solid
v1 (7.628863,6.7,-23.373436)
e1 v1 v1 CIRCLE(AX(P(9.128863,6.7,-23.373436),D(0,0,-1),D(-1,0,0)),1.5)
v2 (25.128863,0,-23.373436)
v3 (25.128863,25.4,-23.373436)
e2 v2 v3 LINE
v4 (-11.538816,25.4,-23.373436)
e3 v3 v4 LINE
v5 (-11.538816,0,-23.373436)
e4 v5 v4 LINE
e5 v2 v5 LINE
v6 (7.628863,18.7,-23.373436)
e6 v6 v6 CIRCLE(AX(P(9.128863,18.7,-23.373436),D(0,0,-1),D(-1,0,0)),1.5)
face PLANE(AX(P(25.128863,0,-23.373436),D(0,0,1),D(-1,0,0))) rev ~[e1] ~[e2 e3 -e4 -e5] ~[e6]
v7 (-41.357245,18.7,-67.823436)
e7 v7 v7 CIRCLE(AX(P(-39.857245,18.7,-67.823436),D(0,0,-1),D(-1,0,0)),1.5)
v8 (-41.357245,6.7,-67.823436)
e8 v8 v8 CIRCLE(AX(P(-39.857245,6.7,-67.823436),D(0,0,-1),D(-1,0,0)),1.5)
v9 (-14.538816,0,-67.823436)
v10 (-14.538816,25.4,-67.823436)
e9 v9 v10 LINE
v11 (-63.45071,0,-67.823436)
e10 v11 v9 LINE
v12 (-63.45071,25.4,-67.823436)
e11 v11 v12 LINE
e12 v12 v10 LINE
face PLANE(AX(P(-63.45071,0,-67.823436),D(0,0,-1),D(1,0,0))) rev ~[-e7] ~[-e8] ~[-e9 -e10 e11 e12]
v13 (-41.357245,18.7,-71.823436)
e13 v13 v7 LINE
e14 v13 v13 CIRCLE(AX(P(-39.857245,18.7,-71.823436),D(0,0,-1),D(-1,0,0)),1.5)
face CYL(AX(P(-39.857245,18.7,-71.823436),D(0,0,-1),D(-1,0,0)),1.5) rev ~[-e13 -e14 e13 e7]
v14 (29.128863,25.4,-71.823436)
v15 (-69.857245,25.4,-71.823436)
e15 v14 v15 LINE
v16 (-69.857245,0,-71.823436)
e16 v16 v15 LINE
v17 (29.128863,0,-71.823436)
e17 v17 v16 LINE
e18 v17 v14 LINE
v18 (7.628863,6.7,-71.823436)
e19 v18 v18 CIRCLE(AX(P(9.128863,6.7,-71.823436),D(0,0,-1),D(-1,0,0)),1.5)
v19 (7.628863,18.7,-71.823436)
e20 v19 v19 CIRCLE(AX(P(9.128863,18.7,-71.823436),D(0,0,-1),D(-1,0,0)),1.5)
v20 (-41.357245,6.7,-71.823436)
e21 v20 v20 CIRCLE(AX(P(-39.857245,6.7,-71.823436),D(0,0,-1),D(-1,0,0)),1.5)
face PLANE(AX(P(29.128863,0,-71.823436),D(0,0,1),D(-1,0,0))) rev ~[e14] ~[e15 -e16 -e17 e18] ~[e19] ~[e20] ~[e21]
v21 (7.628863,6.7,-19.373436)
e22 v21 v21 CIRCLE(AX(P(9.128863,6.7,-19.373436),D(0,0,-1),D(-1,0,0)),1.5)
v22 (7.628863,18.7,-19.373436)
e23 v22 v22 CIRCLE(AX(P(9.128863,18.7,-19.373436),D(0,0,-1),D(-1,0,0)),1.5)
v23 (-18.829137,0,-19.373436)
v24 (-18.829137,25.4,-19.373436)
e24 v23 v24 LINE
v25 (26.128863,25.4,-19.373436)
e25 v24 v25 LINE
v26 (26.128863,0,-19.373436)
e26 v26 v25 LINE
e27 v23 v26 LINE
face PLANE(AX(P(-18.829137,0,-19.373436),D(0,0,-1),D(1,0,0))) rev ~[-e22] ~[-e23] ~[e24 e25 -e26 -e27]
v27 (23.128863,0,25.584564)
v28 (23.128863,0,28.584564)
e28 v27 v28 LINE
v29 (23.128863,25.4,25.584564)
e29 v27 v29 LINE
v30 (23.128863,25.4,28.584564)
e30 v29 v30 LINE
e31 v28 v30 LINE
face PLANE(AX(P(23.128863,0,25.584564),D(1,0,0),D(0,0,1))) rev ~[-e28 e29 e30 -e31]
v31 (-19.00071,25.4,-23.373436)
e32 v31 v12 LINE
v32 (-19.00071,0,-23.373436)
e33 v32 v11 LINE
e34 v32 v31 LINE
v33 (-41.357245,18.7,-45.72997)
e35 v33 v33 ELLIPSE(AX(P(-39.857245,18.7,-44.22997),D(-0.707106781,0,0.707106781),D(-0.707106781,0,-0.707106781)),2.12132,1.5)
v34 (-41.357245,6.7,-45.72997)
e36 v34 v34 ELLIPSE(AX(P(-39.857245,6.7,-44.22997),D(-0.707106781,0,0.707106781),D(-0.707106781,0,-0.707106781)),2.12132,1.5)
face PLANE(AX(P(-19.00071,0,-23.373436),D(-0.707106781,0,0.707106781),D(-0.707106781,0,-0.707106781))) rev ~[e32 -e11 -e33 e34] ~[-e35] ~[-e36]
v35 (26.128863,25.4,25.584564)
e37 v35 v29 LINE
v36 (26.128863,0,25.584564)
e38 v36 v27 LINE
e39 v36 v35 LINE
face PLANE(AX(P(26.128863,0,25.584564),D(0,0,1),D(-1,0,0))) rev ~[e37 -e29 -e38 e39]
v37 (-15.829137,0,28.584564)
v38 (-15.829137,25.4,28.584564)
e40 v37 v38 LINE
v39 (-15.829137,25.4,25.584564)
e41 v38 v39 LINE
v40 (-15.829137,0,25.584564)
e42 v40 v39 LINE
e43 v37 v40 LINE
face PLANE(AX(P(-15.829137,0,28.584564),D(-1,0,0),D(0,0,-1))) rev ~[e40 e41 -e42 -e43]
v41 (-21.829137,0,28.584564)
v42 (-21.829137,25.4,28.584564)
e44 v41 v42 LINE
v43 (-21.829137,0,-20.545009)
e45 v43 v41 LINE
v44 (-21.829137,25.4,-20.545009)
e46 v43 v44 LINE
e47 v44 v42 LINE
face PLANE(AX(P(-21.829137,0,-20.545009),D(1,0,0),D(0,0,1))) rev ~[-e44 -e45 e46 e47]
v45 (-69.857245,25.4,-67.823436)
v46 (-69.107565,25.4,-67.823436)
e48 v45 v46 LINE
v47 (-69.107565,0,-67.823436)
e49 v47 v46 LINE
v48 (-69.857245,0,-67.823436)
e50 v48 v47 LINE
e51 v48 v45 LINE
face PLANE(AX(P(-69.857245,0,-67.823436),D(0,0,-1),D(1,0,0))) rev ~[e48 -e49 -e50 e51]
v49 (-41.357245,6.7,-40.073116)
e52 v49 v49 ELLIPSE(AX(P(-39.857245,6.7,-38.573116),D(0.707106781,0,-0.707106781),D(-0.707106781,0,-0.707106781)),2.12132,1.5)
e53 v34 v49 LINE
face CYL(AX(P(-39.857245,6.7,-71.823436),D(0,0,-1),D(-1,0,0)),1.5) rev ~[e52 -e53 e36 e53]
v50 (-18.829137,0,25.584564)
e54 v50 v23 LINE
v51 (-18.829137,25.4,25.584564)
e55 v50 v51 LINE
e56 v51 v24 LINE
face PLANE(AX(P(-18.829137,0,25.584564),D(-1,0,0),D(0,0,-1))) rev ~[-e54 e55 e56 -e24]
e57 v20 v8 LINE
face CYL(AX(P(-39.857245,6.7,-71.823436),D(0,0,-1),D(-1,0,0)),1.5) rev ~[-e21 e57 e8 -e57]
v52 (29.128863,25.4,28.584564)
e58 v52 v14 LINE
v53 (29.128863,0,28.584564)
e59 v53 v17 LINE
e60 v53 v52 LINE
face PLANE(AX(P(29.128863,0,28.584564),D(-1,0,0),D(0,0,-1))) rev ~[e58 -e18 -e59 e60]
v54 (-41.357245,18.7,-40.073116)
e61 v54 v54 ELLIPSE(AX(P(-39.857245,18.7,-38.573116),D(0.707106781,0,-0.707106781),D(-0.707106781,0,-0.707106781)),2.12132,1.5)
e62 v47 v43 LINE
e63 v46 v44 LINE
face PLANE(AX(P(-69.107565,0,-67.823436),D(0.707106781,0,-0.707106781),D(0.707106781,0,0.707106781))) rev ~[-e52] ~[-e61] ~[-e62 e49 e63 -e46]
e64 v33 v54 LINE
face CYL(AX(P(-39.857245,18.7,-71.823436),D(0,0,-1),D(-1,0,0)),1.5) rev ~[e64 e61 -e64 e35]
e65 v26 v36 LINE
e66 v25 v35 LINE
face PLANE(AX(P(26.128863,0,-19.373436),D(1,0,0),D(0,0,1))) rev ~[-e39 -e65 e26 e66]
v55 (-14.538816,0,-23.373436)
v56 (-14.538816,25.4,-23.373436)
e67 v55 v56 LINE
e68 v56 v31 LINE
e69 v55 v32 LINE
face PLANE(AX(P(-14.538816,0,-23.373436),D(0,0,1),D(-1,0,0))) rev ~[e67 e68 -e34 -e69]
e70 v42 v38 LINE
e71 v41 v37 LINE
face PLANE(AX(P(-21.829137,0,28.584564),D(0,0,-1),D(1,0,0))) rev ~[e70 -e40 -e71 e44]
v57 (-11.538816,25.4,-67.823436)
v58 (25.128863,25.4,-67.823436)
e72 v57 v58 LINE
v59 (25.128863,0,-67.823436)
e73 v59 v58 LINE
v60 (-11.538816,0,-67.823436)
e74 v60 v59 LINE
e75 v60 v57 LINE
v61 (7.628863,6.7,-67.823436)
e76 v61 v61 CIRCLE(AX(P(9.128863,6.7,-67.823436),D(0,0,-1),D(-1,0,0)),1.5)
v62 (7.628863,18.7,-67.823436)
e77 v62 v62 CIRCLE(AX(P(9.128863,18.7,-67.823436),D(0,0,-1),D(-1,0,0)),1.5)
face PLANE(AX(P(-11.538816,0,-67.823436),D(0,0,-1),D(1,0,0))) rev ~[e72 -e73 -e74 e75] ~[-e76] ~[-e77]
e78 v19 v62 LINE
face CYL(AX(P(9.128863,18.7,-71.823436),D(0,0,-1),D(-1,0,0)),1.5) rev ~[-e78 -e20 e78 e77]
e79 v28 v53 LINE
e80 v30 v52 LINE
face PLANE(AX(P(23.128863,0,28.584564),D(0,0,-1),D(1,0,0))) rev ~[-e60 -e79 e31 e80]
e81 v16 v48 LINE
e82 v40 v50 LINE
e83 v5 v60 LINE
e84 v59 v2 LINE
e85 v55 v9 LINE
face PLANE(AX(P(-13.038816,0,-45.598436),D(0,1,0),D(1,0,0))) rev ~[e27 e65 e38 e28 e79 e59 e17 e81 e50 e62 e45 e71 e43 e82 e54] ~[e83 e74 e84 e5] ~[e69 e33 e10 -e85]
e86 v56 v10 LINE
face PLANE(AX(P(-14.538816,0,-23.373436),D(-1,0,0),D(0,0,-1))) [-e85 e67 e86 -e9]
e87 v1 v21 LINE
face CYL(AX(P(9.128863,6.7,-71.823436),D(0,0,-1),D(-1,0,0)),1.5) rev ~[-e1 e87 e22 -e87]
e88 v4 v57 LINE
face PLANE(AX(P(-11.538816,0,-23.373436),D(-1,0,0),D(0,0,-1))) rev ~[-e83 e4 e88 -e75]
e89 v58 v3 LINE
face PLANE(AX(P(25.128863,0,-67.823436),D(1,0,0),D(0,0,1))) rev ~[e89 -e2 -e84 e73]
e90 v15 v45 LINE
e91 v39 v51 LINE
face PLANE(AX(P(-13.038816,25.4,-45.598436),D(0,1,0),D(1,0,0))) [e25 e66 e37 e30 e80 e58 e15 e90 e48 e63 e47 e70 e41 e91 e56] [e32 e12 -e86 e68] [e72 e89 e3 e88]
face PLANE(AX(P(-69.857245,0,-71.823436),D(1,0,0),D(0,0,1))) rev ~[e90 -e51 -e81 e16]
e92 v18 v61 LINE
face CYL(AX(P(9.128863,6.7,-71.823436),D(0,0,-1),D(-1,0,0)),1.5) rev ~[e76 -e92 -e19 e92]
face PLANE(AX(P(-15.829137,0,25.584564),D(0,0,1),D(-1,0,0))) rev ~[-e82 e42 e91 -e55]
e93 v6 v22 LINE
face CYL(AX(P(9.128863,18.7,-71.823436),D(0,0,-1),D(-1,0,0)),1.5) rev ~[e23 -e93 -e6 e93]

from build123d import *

# Parameters (mm, degrees)
SKETCH1_W           = 3
SKETCH1_H           = 44.45
BOSS_EXTRUDE1_DEPTH = 25.4
SKETCH10_R          = 1.5
CUT_EXTRUDE1_DEPTH  = 125.927823604


with BuildPart() as part:
    # Sketch1 → Boss-Extrude1 (new body)
    with BuildSketch(Plane(origin=(0, 0, 0), x_dir=(1, 0, 0), z_dir=(0, 1, 0))):
        with Locations((-13.038815819, 45.598435945)):
            Rectangle(SKETCH1_W, SKETCH1_H)
        Polygon((25.128862589, 23.373435945), (29.128862589, 23.373435945), (29.128862589, 71.823435945), (25.128862589, 71.823435945), (25.128862589, 67.823435945), align=None)
        Polygon((-67.439681, 71.812406658), (-63.450710286, 67.823435945), (-14.538815819, 67.823435945), (-11.538815819, 67.823435945), (25.128862589, 67.823435945), (25.128862589, 71.823435945), (-69.857244767, 71.823435945), (-69.857244767, 69.394842891), align=None)
        Polygon((-69.857244767, 68.573116176), (-69.107564536, 67.823435945), (-63.450710286, 67.823435945), (-67.439681, 71.812406658), (-69.857244767, 69.394842891), align=None)
        Polygon((-69.857244767, 67.823435945), (-69.107564536, 67.823435945), (-69.857244767, 68.573116176), align=None)
        Polygon((-69.107564536, 67.823435945), (-21.829137411, 20.54500882), (-21.829137411, 23.373435945), (-19.000710286, 23.373435945), (-63.450710286, 67.823435945), align=None)
        Polygon((-21.829137411, 20.54500882), (-21.829137411, -28.584564055), (-15.829137411, -28.584564055), (-15.829137411, -25.584564055), (-18.829137411, -25.584564055), (-18.829137411, 19.373435945), (26.128862589, 19.373435945), (26.128862589, -25.584564055), (23.128862589, -25.584564055), (23.128862589, -28.584564055), (29.128862589, -28.584564055), (29.128862589, 23.373435945), (25.128862589, 23.373435945), (-11.538815819, 23.373435945), (-14.538815819, 23.373435945), (-19.000710286, 23.373435945), align=None)
        Polygon((-21.829137411, 23.373435945), (-21.829137411, 20.54500882), (-19.000710286, 23.373435945), align=None)
    extrude(amount=BOSS_EXTRUDE1_DEPTH)

    # Sketch10 → Cut-Extrude1 (cut, through all)
    with BuildSketch(Plane(origin=(0, 0, -71.823435945), x_dir=(-1, 0, 0), z_dir=(0, 0, -1))):
        with Locations((39.857244767, 6.7)):
            Circle(SKETCH10_R)
        with Locations((39.857244767, 18.7)):
            Circle(SKETCH10_R)
        with Locations((-9.128862589, 6.7)):
            Circle(SKETCH10_R)
        with Locations((-9.128862589, 18.7)):
            Circle(SKETCH10_R)
    extrude(amount=-CUT_EXTRUDE1_DEPTH, mode=Mode.SUBTRACT)


solid = part.part
